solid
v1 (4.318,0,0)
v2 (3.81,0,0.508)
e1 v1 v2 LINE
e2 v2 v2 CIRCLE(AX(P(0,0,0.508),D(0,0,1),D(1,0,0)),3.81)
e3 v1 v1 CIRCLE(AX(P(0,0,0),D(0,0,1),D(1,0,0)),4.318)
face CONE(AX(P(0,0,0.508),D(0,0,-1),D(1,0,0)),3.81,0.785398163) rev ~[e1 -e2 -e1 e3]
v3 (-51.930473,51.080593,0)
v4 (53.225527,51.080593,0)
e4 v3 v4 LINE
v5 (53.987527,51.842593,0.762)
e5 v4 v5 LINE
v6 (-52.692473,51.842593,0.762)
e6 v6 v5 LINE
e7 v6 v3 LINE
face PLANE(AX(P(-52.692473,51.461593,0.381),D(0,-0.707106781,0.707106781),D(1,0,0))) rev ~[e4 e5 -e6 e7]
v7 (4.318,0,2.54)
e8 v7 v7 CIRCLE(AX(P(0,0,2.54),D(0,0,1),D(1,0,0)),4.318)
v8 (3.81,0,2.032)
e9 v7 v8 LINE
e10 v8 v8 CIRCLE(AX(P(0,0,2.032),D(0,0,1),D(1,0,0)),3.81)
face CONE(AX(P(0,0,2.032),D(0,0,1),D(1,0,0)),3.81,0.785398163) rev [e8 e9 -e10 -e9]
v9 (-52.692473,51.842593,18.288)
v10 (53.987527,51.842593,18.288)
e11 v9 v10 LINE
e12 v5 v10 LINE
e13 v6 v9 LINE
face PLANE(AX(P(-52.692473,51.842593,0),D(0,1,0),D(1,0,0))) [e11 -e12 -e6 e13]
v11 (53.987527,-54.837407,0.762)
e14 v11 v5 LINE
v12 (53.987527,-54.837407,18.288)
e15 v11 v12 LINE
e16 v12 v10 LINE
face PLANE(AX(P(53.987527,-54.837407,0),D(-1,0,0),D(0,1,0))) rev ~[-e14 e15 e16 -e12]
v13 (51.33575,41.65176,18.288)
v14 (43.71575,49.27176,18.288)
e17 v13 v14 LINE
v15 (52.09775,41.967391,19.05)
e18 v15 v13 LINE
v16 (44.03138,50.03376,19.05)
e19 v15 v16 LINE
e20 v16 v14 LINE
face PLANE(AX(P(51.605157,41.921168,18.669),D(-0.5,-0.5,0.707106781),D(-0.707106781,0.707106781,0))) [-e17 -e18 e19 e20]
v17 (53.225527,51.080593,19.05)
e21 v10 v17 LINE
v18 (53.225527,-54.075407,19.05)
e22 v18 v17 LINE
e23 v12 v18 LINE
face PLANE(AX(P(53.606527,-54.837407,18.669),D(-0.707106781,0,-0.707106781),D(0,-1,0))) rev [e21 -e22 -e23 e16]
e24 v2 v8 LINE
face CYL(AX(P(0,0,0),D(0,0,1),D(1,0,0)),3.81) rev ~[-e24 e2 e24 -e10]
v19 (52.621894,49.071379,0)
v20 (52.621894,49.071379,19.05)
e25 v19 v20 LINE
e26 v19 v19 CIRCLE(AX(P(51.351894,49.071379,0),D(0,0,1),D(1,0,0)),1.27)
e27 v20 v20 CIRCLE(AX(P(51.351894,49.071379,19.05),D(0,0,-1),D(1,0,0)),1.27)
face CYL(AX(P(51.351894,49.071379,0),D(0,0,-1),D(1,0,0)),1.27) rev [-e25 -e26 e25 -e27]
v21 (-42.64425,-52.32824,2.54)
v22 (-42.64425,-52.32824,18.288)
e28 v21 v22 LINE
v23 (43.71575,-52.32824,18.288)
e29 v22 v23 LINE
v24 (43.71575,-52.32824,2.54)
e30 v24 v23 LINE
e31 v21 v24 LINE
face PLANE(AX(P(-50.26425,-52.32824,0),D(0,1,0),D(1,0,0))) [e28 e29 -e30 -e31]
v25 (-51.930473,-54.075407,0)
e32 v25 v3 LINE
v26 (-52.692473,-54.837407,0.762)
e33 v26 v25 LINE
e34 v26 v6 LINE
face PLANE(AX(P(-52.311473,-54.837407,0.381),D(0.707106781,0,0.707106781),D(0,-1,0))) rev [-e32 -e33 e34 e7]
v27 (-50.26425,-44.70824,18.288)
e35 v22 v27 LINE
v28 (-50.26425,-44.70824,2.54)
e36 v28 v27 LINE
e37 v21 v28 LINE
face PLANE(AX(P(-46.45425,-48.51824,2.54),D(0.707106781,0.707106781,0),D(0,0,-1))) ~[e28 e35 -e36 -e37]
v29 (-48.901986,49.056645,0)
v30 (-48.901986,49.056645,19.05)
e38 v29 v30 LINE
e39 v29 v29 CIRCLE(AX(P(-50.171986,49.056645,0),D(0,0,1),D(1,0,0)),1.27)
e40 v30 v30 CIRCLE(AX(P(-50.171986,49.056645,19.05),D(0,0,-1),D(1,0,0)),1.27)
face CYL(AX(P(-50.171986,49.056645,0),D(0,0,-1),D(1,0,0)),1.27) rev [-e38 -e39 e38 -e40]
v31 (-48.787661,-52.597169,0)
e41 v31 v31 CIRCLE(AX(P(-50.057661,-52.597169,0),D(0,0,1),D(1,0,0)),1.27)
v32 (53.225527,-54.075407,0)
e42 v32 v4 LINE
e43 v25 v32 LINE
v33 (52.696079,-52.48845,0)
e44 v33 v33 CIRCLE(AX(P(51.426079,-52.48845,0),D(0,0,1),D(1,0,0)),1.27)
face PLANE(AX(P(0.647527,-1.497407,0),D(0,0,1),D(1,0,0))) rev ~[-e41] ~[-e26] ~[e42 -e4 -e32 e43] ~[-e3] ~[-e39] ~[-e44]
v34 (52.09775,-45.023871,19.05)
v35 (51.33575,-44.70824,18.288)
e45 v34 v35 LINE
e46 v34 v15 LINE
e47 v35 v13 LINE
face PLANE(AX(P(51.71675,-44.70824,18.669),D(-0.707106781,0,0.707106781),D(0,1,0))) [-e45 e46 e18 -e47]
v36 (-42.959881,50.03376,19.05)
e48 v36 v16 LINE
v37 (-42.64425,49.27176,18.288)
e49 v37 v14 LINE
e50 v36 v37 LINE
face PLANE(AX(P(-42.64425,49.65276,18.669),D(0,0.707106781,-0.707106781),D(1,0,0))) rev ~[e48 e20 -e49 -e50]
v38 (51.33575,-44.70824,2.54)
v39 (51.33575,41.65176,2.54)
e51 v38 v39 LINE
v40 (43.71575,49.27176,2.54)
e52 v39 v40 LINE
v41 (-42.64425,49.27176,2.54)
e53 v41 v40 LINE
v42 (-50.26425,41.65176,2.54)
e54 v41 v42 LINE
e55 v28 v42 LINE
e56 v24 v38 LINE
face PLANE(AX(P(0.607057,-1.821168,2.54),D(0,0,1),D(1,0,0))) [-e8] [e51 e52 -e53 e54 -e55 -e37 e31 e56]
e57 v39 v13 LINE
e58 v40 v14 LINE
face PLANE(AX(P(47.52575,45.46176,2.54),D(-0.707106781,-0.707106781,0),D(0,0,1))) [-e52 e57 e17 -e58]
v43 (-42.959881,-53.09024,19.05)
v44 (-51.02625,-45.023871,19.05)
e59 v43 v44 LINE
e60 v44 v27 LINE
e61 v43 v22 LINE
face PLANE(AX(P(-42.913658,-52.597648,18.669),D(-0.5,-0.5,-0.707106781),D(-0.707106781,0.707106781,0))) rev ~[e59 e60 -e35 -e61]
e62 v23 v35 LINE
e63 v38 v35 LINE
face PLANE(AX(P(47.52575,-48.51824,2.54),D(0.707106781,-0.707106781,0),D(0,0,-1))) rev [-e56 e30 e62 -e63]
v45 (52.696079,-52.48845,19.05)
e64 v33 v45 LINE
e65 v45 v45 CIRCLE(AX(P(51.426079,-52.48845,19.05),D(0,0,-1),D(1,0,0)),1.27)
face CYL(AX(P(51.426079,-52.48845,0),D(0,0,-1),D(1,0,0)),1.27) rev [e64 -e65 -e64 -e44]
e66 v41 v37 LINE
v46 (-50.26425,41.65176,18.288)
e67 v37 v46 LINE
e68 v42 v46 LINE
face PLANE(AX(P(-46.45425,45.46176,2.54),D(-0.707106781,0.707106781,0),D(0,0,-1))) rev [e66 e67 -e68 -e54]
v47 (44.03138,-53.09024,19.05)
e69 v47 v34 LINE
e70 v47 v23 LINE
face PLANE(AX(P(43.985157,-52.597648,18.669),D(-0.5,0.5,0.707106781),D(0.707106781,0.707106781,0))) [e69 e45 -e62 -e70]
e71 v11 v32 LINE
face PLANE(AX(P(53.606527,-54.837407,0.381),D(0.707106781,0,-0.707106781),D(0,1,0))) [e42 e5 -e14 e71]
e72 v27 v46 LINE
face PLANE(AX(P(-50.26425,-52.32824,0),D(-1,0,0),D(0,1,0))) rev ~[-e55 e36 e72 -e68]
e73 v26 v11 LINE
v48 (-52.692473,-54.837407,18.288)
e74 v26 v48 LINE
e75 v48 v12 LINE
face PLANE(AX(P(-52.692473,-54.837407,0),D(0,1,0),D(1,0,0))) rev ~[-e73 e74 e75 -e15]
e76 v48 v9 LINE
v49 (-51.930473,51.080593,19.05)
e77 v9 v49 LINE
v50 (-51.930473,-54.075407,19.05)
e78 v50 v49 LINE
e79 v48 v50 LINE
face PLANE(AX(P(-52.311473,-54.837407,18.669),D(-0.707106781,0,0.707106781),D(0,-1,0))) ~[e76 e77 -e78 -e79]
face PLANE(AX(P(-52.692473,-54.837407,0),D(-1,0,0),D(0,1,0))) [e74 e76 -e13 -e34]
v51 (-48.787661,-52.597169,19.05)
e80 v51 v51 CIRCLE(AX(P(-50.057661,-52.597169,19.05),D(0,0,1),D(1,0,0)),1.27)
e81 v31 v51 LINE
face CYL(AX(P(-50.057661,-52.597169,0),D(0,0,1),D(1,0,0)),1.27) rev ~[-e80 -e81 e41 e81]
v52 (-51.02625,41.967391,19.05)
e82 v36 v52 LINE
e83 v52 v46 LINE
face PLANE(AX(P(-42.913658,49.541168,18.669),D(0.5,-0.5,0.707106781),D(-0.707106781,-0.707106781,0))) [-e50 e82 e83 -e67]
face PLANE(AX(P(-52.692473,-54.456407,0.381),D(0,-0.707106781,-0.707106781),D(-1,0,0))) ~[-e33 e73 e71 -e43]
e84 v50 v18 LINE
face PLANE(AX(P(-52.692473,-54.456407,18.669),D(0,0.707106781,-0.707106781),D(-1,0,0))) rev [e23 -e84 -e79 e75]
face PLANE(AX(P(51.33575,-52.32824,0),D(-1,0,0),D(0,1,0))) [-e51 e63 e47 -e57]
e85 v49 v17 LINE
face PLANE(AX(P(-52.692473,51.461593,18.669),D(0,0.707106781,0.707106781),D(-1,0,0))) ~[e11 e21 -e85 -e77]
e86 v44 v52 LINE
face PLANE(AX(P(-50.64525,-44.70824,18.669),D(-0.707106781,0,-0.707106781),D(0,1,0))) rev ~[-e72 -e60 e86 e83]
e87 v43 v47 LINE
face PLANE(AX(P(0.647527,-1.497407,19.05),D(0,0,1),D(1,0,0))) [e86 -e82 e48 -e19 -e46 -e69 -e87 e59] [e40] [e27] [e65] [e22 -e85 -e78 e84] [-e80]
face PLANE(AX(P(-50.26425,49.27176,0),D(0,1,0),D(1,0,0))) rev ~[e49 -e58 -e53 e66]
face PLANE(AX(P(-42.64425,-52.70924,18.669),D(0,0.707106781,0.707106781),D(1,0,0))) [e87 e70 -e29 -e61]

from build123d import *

# Parameters (mm, degrees)
F0_W     = 106.68
F0_H     = 106.68
F0_W_2   = 101.6
F0_H_2   = 101.6
F1_DEPTH = 19.05
F2_W     = 104.656483978
F2_H     = 104.4136583805
F3_DEPTH = 2.54
F4_R     = 3.81
F5_DEPTH = 12.7
F6_SIZE  = 7.62
F7_R     = 1.27
F8_DEPTH = 38.1
F9_SIZE  = 0.508
F10_SIZE = 0.762
F11_SIZE = 0.762


with BuildPart() as f1:
    # F0 (on Top) → F1 (new body)
    with BuildSketch(Plane.XY):
        with Locations((0.6475270653, -1.4974073434)):
            Rectangle(F0_W, F0_H)
        with Locations((0.5357495129, -1.5282401264)):
            Rectangle(F0_W_2, F0_H_2, mode=Mode.SUBTRACT)
    extrude(amount=F1_DEPTH)

    # F2 (on Top) → F3 (join)
    with BuildSketch(Plane.XY):
        with Locations((0.6070565432, -1.821167767)):
            Rectangle(F2_W, F2_H)
    extrude(amount=F3_DEPTH)

    # F4 (on Top) → F5 (cut, symmetric)
    with BuildSketch(Plane.XY):
        Circle(F4_R)
    extrude(amount=F5_DEPTH, both=True, mode=Mode.SUBTRACT)

    # F6
    f6_edges = [f1.edges().sort_by_distance(p)[0] for p in [
        (-50.26425, 49.27176, 10.795),
        (51.33575, 49.27176, 10.795),
        (51.33575, -52.32824, 10.795),
        (-50.26425, -52.32824, 10.795),
    ]]
    chamfer(f6_edges, length=F6_SIZE)

    # F7 (on Top) → F8 (cut, symmetric)
    with BuildSketch(Plane.XY):
        with Locations((-50.1719862223, 49.0566454828)):
            Circle(F7_R)
        with Locations((51.3518936932, 49.0713790059)):
            Circle(F7_R)
        with Locations((51.4260791242, -52.4884499609)):
            Circle(F7_R)
        with Locations((-50.0576607883, -52.597168833)):
            Circle(F7_R)
    extrude(amount=F8_DEPTH, both=True, mode=Mode.SUBTRACT)

    # F9
    f9_edges = [f1.edges().sort_by_distance(p)[0] for p in [
        (-3.81, 0, 2.54),
        (-3.81, 0, 0),
    ]]
    chamfer(f9_edges, length=F9_SIZE)

    # F10
    f10_edges = [f1.edges().sort_by_distance(p)[0] for p in [
        (0.647527, -54.837407, 19.05),
        (-52.692473, -1.497407, 19.05),
        (53.987527, -1.497407, 19.05),
        (0.647527, 51.842593, 19.05),
        (51.33575, -1.52824, 19.05),
        (47.52575, -48.51824, 19.05),
        (0.53575, -52.32824, 19.05),
        (47.52575, 45.46176, 19.05),
        (0.53575, 49.27176, 19.05),
        (-46.45425, 45.46176, 19.05),
        (-50.26425, -1.52824, 19.05),
        (-46.45425, -48.51824, 19.05),
    ]]
    chamfer(f10_edges, length=F10_SIZE)

    # F11
    f11_edges = [f1.edges().sort_by_distance(p)[0] for p in [
        (-52.692473, -1.497407, 0),
        (0.647527, 51.842593, 0),
        (0.647527, -54.837407, 0),
        (53.987527, -1.497407, 0),
    ]]
    chamfer(f11_edges, length=F11_SIZE)


solid = f1.part
